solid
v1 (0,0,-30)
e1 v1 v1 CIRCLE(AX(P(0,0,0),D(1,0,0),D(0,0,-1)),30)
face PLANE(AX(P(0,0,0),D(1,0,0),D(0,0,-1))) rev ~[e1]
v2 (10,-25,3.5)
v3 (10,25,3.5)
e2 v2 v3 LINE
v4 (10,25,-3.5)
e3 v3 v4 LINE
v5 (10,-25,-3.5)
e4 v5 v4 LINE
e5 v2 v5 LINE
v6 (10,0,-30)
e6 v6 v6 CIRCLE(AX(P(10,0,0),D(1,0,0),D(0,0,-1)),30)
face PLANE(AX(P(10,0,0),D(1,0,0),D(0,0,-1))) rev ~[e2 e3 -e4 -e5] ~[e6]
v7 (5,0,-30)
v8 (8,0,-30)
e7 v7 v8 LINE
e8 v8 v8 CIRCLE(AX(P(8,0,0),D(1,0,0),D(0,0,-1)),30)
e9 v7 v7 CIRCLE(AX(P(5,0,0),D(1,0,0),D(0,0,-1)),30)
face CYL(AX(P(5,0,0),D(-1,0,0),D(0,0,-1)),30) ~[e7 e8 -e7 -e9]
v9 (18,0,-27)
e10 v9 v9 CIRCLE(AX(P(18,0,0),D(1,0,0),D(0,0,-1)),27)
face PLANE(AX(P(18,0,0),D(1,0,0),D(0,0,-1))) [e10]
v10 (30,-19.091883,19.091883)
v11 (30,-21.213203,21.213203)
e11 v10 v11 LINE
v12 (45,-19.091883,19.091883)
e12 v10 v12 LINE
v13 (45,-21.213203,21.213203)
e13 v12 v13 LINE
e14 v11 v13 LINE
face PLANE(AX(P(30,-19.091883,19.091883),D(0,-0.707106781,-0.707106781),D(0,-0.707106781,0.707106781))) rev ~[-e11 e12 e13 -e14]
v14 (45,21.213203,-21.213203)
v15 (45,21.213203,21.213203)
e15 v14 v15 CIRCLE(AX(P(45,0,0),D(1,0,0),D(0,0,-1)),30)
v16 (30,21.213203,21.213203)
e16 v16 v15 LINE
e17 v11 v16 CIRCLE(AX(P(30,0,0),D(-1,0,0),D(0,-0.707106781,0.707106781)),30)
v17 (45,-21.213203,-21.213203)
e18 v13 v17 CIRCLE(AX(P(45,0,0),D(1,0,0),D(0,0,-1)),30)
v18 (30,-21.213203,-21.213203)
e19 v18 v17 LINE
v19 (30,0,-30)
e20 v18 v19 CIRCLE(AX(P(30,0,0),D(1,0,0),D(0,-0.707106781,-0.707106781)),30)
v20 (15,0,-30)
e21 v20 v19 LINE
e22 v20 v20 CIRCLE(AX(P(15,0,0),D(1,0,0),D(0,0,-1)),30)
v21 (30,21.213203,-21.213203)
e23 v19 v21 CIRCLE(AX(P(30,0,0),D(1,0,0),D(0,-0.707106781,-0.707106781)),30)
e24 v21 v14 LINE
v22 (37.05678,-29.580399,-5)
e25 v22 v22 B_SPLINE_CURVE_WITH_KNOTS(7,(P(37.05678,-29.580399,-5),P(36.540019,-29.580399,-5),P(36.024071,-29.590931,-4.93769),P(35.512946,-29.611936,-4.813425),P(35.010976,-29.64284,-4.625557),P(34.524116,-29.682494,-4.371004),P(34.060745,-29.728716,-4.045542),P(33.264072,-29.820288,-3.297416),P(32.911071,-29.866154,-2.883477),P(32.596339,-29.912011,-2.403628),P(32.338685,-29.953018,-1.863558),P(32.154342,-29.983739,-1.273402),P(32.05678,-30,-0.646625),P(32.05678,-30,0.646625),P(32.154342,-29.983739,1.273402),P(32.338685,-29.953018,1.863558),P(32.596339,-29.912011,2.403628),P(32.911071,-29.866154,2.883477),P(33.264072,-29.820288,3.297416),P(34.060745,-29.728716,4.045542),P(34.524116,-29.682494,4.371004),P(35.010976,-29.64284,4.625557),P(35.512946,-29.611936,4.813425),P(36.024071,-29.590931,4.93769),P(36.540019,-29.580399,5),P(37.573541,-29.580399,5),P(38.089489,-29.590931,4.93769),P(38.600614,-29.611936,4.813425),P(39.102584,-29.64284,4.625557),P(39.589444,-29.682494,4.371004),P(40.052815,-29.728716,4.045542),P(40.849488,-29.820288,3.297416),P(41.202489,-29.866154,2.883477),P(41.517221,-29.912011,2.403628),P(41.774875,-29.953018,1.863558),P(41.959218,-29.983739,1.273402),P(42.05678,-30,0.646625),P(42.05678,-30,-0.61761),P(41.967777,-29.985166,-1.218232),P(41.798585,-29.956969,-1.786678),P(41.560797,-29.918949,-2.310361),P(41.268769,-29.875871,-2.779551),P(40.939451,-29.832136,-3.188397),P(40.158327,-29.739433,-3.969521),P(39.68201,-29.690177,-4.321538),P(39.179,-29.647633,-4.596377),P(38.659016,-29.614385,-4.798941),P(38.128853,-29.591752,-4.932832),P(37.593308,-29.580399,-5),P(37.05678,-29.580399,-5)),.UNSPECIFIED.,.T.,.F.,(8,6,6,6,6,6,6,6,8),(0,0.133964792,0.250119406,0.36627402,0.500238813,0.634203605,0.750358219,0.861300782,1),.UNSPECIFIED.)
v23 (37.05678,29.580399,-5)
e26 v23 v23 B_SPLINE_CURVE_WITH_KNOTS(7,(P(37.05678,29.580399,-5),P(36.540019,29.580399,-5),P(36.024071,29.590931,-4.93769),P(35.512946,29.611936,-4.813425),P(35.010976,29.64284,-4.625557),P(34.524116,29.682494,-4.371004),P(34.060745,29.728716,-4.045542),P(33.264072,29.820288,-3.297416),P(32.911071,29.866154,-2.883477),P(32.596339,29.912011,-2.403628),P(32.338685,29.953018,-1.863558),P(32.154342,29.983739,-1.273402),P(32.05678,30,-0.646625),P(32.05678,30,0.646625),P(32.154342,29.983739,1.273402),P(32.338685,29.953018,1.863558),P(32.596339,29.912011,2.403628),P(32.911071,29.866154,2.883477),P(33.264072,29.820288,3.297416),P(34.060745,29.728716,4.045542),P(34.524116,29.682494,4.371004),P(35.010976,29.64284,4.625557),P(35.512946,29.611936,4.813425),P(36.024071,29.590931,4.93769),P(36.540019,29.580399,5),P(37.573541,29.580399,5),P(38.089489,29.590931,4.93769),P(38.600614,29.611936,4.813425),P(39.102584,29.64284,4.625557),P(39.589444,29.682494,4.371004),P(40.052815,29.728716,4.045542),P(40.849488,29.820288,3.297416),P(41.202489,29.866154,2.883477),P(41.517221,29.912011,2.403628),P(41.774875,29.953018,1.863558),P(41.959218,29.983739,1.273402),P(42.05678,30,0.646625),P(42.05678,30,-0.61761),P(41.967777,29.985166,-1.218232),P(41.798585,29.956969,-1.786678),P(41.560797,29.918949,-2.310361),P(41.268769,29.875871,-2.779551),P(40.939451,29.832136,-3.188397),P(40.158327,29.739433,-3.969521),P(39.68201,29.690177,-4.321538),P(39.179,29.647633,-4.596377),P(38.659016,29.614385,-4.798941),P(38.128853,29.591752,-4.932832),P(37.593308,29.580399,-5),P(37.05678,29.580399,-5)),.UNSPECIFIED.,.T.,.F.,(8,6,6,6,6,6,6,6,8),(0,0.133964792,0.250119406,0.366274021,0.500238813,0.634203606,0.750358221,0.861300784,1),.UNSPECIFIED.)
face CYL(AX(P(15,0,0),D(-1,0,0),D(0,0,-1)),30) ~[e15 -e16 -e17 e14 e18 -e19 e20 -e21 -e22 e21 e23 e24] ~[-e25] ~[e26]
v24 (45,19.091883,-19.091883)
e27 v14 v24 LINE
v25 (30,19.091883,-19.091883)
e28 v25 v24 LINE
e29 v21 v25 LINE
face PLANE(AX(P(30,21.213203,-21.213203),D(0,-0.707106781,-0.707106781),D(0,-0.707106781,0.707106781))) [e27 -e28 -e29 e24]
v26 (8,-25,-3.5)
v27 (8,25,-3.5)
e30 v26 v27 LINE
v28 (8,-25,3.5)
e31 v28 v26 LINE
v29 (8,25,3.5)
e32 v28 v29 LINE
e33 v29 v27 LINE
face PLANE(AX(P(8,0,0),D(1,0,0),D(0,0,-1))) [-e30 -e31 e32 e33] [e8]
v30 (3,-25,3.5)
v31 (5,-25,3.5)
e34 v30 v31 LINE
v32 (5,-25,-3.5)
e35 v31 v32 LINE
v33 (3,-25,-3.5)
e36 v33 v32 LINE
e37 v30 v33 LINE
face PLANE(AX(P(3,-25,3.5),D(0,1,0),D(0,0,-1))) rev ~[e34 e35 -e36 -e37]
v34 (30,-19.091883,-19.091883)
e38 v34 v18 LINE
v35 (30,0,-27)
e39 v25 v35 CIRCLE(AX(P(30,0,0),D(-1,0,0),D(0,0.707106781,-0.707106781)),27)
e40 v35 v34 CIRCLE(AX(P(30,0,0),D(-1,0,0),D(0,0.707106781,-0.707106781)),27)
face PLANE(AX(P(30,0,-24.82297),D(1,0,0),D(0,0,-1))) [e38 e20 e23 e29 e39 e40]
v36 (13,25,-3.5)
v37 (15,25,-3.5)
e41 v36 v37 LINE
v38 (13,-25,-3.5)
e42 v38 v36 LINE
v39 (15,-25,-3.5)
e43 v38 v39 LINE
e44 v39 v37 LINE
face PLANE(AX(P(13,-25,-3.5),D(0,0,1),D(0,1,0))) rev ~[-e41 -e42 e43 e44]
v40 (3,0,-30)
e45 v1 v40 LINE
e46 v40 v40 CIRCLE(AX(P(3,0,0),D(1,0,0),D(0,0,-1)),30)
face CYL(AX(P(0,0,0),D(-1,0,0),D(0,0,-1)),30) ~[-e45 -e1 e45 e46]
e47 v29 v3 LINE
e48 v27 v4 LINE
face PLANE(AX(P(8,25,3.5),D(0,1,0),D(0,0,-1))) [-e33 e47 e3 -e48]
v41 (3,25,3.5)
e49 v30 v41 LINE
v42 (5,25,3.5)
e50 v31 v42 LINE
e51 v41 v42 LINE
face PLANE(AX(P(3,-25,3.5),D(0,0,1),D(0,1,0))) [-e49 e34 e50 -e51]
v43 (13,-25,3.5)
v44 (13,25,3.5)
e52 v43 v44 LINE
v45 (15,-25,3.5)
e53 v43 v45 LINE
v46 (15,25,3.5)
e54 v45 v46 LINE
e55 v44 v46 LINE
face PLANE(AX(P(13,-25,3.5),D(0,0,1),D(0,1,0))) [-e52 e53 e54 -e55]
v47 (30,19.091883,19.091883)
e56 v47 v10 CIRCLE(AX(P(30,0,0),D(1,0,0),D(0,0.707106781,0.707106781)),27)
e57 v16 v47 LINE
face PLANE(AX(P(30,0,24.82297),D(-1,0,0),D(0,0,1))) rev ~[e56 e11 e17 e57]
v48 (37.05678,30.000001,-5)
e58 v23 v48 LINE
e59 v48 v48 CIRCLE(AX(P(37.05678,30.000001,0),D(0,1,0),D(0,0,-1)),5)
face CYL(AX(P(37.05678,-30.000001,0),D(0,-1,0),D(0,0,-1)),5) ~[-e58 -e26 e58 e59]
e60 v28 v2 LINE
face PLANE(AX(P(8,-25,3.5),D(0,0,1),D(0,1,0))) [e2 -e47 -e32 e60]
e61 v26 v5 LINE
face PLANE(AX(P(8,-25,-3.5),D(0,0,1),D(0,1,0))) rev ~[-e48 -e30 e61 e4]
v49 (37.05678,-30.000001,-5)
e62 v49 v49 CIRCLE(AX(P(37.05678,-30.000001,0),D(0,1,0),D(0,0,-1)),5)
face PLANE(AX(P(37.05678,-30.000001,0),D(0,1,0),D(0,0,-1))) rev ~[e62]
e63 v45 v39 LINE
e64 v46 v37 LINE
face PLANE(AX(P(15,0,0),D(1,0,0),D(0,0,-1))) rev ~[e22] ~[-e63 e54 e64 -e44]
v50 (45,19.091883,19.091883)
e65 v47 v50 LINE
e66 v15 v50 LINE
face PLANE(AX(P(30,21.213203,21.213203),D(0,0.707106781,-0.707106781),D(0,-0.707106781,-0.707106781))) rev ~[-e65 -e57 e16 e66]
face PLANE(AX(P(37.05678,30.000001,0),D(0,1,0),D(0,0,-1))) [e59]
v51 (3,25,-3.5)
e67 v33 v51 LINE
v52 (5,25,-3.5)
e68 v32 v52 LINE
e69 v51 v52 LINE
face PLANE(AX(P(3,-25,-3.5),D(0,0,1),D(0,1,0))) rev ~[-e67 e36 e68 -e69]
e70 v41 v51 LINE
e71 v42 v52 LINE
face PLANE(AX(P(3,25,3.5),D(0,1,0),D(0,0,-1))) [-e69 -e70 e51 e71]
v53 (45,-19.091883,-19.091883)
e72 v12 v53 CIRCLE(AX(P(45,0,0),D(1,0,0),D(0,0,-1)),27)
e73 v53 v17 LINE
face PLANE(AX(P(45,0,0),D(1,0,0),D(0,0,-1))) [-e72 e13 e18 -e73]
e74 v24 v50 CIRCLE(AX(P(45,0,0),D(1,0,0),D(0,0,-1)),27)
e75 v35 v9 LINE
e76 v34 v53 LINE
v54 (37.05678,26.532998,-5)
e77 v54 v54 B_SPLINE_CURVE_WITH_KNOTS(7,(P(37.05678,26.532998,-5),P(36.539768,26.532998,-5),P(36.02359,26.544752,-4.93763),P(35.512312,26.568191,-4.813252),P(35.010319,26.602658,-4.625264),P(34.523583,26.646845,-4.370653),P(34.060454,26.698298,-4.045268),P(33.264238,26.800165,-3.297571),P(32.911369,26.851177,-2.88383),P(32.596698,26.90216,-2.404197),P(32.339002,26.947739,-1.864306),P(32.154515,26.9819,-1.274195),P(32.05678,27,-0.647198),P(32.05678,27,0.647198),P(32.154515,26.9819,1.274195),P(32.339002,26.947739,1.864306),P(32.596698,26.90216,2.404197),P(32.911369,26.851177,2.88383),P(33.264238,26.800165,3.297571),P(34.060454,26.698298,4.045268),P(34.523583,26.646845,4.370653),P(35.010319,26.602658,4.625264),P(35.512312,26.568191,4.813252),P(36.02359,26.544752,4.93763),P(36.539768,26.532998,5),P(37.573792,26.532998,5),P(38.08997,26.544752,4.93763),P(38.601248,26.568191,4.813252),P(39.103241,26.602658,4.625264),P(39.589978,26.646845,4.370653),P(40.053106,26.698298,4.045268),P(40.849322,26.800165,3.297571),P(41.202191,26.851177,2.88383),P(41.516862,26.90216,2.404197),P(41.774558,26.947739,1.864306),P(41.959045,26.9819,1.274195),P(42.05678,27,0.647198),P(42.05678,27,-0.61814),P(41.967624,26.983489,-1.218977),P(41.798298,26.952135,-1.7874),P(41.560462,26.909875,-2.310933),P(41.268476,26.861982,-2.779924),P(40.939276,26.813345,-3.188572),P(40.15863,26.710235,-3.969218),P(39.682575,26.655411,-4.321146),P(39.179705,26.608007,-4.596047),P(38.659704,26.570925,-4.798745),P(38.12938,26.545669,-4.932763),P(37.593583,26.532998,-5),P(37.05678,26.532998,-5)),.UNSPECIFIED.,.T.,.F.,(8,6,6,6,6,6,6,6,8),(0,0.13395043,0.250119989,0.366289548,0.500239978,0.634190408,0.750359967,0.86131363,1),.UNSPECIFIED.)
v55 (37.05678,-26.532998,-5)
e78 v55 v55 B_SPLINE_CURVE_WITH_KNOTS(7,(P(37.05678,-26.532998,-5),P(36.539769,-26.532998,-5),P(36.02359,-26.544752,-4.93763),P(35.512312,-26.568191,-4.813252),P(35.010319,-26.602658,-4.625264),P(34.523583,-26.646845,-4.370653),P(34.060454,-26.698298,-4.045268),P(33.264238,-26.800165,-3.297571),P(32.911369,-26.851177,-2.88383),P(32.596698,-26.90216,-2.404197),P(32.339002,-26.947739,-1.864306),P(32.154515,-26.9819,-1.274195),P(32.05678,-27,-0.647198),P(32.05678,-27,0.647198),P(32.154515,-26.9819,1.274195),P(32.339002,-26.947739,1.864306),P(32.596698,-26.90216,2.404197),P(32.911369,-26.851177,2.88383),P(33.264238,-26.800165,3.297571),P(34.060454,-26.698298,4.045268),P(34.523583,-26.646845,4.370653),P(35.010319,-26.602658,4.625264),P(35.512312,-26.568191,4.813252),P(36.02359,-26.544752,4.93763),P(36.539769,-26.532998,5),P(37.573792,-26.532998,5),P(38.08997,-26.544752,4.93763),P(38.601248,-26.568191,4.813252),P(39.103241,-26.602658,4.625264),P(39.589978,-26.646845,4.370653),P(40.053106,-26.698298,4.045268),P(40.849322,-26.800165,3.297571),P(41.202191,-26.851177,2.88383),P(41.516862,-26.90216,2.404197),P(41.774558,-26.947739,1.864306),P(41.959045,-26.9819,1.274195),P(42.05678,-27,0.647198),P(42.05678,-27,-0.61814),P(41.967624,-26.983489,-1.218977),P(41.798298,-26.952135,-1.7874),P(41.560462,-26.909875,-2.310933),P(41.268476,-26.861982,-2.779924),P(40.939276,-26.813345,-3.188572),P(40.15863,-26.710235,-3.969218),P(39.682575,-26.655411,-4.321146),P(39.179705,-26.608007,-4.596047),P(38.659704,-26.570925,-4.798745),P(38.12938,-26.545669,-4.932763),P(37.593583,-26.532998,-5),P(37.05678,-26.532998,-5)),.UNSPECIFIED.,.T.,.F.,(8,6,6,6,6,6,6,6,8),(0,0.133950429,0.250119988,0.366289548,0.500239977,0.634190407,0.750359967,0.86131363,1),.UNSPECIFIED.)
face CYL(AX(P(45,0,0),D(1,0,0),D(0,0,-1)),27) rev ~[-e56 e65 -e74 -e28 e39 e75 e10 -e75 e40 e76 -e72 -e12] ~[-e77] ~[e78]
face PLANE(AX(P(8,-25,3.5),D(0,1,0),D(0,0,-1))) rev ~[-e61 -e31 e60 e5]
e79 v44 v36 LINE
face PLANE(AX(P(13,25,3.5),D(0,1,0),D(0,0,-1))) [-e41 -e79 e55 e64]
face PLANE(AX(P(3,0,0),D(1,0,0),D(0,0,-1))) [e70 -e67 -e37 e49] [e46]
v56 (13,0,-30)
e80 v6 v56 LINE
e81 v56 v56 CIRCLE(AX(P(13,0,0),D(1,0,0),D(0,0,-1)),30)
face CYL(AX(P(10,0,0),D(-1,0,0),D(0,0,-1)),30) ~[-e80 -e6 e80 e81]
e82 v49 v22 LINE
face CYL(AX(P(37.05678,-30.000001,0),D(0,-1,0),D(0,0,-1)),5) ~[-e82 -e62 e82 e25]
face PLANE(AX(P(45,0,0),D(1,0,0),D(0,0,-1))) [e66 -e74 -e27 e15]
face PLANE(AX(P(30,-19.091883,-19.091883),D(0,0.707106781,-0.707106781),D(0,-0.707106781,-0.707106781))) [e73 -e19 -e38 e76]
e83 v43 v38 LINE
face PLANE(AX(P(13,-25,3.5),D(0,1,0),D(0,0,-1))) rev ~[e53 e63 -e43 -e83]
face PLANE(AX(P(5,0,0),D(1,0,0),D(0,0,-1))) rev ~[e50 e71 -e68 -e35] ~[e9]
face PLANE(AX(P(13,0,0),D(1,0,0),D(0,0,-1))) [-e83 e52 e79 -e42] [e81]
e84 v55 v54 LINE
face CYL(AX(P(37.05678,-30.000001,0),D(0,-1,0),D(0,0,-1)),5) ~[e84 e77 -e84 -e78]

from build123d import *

# Parameters (mm, degrees)
SKETCH1_R            = 30
BOSS_EXTRUDE1_DEPTH  = 3
SKETCH2_W            = 7
SKETCH2_H            = 50
BOSS_EXTRUDE2_DEPTH  = 2
SKETCH3_R            = 30
BOSS_EXTRUDE3_DEPTH  = 3
SKETCH4_W            = 7
SKETCH4_H            = 50
BOSS_EXTRUDE4_DEPTH  = 2
SKETCH5_R            = 30
BOSS_EXTRUDE5_DEPTH  = 3
SKETCH6_W            = 7
SKETCH6_H            = 50
BOSS_EXTRUDE6_DEPTH  = 2
SKETCH7_R            = 30
BOSS_EXTRUDE7_DEPTH  = 30
SKETCH8_R            = 27
CUT_EXTRUDE3_DEPTH   = 27
CUT_EXTRUDE6_START   = -15
CUT_EXTRUDE6_DEPTH   = 15
BOSS_EXTRUDE11_START = -30.000001
SKETCH14_R           = 5
BOSS_EXTRUDE11_DEPTH = 60.000002


with BuildPart() as part:
    # Sketch1 → Boss-Extrude1 (new body)
    with BuildSketch(Plane(origin=(0, 0, 0), x_dir=(0, 0, -1), z_dir=(1, 0, 0))):
        Circle(SKETCH1_R)
    extrude(amount=BOSS_EXTRUDE1_DEPTH)

    # Sketch2 → Boss-Extrude2 (add)
    with BuildSketch(Plane(origin=(3, 0, 0), x_dir=(0, 0, -1), z_dir=(1, 0, 0))):
        Rectangle(SKETCH2_W, SKETCH2_H)
    extrude(amount=BOSS_EXTRUDE2_DEPTH)

    # Sketch3 → Boss-Extrude3 (add)
    with BuildSketch(Plane(origin=(5, 0, 0), x_dir=(0, 0, -1), z_dir=(1, 0, 0))):
        Circle(SKETCH3_R)
    extrude(amount=BOSS_EXTRUDE3_DEPTH)

    # Sketch4 → Boss-Extrude4 (add)
    with BuildSketch(Plane(origin=(8, 0, 0), x_dir=(0, 0, -1), z_dir=(1, 0, 0))):
        Rectangle(SKETCH4_W, SKETCH4_H)
    extrude(amount=BOSS_EXTRUDE4_DEPTH)

    # Sketch5 → Boss-Extrude5 (add)
    with BuildSketch(Plane(origin=(10, 0, 0), x_dir=(0, 0, -1), z_dir=(1, 0, 0))):
        Circle(SKETCH5_R)
    extrude(amount=BOSS_EXTRUDE5_DEPTH)

    # Sketch6 → Boss-Extrude6 (add)
    with BuildSketch(Plane(origin=(13, 0, 0), x_dir=(0, 0, -1), z_dir=(1, 0, 0))):
        Rectangle(SKETCH6_W, SKETCH6_H)
    extrude(amount=BOSS_EXTRUDE6_DEPTH)

    # Sketch7 → Boss-Extrude7 (add)
    with BuildSketch(Plane(origin=(15, 0, 0), x_dir=(0, 0, -1), z_dir=(1, 0, 0))):
        Circle(SKETCH7_R)
    extrude(amount=BOSS_EXTRUDE7_DEPTH)

    # Sketch8 → Cut-Extrude3 (cut)
    with BuildSketch(Plane(origin=(45, 0, 0), x_dir=(0, 0, -1), z_dir=(1, 0, 0))):
        Circle(SKETCH8_R)
    extrude(amount=-CUT_EXTRUDE3_DEPTH, mode=Mode.SUBTRACT)

    # Sketch9 → Cut-Extrude6 (cut)
    with BuildSketch(Plane(origin=(45, 0, 0), x_dir=(0, 0, -1), z_dir=(1, 0, 0)).offset(CUT_EXTRUDE6_START)):
        with BuildLine():
            Line((21.213203436, 21.213203436), (19.091883092, 19.091883092))
            ThreePointArc((19.091883092, 19.091883092), (27, 0), (19.091883092, -19.091883092))
            Line((19.091883092, -19.091883092), (21.213203436, -21.213203436))
            ThreePointArc((21.213203436, -21.213203436), (30, 0), (21.213203436, 21.213203436))
        make_face()
        with BuildLine():
            Line((-21.213203436, 21.213203436), (-19.091883092, 19.091883092))
            ThreePointArc((-19.091883092, 19.091883092), (-27, 0), (-19.091883092, -19.091883092))
            Line((-19.091883092, -19.091883092), (-21.213203436, -21.213203436))
            ThreePointArc((-21.213203436, -21.213203436), (-30, 0), (-21.213203436, 21.213203436))
        make_face()
    extrude(amount=CUT_EXTRUDE6_DEPTH, mode=Mode.SUBTRACT)

    # Sketch14 → Boss-Extrude11 (add)
    with BuildSketch(Plane(origin=(0, 0, 0), x_dir=(1, 0, 0), z_dir=(0, 1, 0)).offset(BOSS_EXTRUDE11_START)):
        with Locations(Location((37.056780036, 0, 0), (0, 0, 90))):
            Circle(SKETCH14_R)
    extrude(amount=BOSS_EXTRUDE11_DEPTH)


solid = part.part
